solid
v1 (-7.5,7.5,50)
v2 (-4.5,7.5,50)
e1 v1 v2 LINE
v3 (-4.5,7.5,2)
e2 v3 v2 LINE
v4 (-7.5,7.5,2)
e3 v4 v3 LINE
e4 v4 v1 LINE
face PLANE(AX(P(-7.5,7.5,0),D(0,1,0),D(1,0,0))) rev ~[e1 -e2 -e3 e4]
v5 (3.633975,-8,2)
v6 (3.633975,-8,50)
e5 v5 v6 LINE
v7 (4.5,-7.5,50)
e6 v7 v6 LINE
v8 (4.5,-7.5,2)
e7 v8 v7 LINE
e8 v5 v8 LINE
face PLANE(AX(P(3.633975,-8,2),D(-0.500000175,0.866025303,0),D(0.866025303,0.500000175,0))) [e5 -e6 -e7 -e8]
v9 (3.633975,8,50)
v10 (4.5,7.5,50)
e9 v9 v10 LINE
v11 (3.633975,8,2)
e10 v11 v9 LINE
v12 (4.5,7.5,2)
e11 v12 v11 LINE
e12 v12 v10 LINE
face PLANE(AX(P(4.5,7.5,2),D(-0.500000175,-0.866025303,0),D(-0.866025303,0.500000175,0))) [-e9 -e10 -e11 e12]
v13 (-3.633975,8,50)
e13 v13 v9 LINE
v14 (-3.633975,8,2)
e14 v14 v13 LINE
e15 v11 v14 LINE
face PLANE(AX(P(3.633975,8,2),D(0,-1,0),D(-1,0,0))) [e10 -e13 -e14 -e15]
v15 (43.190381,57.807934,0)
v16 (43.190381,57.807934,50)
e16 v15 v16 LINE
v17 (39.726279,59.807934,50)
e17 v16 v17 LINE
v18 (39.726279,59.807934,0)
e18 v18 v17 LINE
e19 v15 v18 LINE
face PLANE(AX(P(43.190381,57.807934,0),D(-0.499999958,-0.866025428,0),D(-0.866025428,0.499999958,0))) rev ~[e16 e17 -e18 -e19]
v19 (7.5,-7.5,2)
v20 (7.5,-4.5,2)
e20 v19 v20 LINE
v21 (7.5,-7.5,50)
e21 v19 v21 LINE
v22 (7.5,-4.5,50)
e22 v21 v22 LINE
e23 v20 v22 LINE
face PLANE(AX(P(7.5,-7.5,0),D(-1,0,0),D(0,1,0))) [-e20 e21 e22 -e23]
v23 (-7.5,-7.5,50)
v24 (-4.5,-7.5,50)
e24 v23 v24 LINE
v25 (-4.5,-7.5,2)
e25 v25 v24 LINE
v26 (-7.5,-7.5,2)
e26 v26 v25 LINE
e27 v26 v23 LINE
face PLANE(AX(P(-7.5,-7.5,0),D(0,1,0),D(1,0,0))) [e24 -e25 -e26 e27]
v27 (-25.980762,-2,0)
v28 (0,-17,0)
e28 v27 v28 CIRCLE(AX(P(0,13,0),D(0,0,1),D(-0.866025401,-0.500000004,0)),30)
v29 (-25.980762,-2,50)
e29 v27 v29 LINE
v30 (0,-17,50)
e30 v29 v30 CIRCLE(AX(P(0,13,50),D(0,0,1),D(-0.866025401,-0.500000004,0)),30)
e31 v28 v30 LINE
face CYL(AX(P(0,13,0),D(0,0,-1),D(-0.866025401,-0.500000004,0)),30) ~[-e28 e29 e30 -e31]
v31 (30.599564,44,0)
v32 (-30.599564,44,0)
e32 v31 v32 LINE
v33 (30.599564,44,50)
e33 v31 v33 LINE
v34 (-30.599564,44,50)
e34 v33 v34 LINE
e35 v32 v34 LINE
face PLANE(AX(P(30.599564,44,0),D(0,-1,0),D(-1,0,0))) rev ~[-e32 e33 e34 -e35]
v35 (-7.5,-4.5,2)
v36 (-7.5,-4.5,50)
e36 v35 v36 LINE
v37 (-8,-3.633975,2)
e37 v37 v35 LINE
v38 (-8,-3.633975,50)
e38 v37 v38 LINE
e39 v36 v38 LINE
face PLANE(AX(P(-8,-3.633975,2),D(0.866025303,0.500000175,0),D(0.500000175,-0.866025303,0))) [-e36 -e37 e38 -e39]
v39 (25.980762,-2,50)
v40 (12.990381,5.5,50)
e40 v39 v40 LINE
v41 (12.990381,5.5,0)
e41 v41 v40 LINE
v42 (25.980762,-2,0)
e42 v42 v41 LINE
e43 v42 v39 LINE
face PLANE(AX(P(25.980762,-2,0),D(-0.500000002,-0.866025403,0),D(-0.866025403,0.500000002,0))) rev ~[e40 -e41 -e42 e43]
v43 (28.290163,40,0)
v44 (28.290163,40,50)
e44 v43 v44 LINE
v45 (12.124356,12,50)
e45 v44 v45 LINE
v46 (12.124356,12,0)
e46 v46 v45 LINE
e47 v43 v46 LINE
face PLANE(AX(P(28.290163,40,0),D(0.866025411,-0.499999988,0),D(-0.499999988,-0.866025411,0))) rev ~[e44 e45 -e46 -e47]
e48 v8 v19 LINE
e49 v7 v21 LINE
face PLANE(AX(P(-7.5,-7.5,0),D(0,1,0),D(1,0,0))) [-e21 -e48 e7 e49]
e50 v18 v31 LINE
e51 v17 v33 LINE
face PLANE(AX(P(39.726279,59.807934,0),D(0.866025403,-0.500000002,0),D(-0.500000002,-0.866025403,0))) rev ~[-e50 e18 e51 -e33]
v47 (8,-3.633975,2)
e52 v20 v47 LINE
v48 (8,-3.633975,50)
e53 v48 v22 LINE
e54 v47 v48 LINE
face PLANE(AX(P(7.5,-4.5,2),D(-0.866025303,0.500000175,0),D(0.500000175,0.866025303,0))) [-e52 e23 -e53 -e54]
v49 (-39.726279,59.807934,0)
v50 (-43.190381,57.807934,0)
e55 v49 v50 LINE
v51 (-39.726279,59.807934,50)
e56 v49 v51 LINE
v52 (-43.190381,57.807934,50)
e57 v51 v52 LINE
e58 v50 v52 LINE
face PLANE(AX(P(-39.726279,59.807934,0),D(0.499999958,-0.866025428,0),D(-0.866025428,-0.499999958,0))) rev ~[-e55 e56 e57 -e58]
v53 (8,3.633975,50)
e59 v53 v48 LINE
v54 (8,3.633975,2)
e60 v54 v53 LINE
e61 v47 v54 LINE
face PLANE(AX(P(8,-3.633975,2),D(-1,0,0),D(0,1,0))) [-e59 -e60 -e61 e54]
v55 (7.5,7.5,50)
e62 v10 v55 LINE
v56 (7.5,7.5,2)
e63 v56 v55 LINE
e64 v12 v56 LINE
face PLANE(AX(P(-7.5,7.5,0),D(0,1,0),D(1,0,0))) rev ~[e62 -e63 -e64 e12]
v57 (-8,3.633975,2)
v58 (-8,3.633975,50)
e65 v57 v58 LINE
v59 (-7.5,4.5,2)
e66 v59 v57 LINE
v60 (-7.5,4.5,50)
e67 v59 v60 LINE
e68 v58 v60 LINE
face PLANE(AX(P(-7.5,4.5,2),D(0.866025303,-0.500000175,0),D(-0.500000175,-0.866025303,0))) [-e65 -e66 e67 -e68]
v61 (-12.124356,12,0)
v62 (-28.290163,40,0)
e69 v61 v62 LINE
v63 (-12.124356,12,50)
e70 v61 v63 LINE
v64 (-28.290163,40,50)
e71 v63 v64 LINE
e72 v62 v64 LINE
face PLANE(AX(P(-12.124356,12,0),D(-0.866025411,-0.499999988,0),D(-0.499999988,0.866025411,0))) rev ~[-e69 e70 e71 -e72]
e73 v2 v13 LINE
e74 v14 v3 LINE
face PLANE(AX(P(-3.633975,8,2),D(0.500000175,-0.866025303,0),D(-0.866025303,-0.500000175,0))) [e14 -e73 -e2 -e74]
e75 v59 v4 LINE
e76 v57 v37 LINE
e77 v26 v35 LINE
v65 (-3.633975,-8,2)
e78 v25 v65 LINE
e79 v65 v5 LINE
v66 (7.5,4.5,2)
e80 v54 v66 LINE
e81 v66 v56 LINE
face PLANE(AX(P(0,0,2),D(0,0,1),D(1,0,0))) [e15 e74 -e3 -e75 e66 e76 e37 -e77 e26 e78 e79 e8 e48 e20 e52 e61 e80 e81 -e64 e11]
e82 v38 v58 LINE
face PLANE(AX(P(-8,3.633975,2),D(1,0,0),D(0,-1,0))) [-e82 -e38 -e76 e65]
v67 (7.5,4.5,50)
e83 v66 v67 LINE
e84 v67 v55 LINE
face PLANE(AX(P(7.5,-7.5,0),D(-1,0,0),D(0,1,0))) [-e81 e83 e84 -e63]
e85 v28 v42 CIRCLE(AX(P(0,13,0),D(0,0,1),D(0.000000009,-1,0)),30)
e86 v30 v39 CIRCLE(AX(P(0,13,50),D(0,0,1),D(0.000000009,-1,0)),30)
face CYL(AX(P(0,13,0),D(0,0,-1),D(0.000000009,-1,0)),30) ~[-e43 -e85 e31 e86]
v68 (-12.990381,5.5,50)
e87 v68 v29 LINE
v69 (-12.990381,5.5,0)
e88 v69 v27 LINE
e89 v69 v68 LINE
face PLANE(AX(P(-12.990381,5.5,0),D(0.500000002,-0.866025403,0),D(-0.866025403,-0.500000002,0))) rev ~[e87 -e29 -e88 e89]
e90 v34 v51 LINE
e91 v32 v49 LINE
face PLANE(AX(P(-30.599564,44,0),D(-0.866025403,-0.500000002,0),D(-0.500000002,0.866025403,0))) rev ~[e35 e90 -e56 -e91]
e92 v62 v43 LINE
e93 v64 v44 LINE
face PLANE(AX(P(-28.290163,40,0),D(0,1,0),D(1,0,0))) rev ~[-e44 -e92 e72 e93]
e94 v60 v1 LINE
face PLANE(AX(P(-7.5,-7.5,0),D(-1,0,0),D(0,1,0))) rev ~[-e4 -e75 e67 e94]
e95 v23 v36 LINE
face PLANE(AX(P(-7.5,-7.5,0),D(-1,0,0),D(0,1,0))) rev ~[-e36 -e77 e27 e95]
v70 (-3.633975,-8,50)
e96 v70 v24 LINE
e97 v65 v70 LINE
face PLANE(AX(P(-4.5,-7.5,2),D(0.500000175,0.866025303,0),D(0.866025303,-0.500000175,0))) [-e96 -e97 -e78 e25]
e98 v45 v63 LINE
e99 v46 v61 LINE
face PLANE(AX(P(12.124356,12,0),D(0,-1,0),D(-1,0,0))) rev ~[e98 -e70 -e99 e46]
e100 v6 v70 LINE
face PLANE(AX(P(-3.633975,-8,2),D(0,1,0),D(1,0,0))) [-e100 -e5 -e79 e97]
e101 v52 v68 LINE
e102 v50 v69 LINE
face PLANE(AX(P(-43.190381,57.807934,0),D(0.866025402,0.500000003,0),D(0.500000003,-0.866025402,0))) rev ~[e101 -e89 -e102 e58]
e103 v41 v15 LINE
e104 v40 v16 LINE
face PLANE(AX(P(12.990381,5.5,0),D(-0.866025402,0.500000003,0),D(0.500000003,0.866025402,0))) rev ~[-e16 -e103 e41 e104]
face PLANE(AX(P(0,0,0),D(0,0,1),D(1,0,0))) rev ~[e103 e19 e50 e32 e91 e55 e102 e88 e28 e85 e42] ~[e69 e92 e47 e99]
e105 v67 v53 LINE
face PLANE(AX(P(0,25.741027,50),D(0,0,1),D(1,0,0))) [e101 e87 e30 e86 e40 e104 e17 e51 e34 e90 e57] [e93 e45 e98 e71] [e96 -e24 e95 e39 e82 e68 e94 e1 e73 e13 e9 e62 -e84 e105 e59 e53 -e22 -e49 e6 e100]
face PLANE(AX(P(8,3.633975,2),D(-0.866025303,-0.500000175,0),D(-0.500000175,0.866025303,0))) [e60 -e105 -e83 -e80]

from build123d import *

# Parameters (mm, degrees)
F0_W     = 15
F0_H     = 15
F1_DEPTH = 50
F2_W     = 15
F2_H     = 15
F3_DEPTH = 2
F5_DEPTH = 48.001


with BuildPart() as f1:
    # F0 (on Top) → F1 (new body)
    with BuildSketch(Plane.XY):
        with BuildLine():
            Line((-39.726279, 59.807934), (-43.190381, 57.807934))
            Line((-43.190381, 57.807934), (-12.990381, 5.5))
            Line((-12.990381, 5.5), (-25.980762, -2))
            ThreePointArc((-25.980762, -2), (-15, -12.980762), (0, -17))
            ThreePointArc((0, -17), (15, -12.980762), (25.980762, -2))
            Line((25.980762, -2), (12.990381, 5.5))
            Line((12.990381, 5.5), (43.190381, 57.807934))
            Line((43.190381, 57.807934), (39.726279, 59.807934))
            Line((39.726279, 59.807934), (30.599564, 44))
            Line((30.599564, 44), (0, 44))
            Line((0, 44), (-30.599564, 44))
            Line((-30.599564, 44), (-39.726279, 59.807934))
        make_face()
        Rectangle(F0_W, F0_H, mode=Mode.SUBTRACT)
        Polygon((-28.290163, 40), (28.290163, 40), (12.124356, 12), (-12.124356, 12), align=None, mode=Mode.SUBTRACT)
    extrude(amount=F1_DEPTH)

    # F2 (on Top) → F3 (join)
    with BuildSketch(Plane.XY):
        Rectangle(F2_W, F2_H)
    extrude(amount=F3_DEPTH)

    # F4 (on face) → F5 (cut, through all)
    with BuildSketch(Plane.XY.offset(2)):
        Polygon((7.5, 4.5), (7.5, -4.5), (8, -3.633975), (8, 3.633975), align=None)
        Polygon((-4.5, 7.5), (4.5, 7.5), (3.633975, 8), (-3.633975, 8), align=None)
        Polygon((-7.5, -4.5), (-7.5, 4.5), (-8, 3.633975), (-8, -3.633975), align=None)
        Polygon((4.5, -7.5), (-4.5, -7.5), (-3.633975, -8), (3.633975, -8), align=None)
    extrude(amount=F5_DEPTH, mode=Mode.SUBTRACT)


solid = f1.part
